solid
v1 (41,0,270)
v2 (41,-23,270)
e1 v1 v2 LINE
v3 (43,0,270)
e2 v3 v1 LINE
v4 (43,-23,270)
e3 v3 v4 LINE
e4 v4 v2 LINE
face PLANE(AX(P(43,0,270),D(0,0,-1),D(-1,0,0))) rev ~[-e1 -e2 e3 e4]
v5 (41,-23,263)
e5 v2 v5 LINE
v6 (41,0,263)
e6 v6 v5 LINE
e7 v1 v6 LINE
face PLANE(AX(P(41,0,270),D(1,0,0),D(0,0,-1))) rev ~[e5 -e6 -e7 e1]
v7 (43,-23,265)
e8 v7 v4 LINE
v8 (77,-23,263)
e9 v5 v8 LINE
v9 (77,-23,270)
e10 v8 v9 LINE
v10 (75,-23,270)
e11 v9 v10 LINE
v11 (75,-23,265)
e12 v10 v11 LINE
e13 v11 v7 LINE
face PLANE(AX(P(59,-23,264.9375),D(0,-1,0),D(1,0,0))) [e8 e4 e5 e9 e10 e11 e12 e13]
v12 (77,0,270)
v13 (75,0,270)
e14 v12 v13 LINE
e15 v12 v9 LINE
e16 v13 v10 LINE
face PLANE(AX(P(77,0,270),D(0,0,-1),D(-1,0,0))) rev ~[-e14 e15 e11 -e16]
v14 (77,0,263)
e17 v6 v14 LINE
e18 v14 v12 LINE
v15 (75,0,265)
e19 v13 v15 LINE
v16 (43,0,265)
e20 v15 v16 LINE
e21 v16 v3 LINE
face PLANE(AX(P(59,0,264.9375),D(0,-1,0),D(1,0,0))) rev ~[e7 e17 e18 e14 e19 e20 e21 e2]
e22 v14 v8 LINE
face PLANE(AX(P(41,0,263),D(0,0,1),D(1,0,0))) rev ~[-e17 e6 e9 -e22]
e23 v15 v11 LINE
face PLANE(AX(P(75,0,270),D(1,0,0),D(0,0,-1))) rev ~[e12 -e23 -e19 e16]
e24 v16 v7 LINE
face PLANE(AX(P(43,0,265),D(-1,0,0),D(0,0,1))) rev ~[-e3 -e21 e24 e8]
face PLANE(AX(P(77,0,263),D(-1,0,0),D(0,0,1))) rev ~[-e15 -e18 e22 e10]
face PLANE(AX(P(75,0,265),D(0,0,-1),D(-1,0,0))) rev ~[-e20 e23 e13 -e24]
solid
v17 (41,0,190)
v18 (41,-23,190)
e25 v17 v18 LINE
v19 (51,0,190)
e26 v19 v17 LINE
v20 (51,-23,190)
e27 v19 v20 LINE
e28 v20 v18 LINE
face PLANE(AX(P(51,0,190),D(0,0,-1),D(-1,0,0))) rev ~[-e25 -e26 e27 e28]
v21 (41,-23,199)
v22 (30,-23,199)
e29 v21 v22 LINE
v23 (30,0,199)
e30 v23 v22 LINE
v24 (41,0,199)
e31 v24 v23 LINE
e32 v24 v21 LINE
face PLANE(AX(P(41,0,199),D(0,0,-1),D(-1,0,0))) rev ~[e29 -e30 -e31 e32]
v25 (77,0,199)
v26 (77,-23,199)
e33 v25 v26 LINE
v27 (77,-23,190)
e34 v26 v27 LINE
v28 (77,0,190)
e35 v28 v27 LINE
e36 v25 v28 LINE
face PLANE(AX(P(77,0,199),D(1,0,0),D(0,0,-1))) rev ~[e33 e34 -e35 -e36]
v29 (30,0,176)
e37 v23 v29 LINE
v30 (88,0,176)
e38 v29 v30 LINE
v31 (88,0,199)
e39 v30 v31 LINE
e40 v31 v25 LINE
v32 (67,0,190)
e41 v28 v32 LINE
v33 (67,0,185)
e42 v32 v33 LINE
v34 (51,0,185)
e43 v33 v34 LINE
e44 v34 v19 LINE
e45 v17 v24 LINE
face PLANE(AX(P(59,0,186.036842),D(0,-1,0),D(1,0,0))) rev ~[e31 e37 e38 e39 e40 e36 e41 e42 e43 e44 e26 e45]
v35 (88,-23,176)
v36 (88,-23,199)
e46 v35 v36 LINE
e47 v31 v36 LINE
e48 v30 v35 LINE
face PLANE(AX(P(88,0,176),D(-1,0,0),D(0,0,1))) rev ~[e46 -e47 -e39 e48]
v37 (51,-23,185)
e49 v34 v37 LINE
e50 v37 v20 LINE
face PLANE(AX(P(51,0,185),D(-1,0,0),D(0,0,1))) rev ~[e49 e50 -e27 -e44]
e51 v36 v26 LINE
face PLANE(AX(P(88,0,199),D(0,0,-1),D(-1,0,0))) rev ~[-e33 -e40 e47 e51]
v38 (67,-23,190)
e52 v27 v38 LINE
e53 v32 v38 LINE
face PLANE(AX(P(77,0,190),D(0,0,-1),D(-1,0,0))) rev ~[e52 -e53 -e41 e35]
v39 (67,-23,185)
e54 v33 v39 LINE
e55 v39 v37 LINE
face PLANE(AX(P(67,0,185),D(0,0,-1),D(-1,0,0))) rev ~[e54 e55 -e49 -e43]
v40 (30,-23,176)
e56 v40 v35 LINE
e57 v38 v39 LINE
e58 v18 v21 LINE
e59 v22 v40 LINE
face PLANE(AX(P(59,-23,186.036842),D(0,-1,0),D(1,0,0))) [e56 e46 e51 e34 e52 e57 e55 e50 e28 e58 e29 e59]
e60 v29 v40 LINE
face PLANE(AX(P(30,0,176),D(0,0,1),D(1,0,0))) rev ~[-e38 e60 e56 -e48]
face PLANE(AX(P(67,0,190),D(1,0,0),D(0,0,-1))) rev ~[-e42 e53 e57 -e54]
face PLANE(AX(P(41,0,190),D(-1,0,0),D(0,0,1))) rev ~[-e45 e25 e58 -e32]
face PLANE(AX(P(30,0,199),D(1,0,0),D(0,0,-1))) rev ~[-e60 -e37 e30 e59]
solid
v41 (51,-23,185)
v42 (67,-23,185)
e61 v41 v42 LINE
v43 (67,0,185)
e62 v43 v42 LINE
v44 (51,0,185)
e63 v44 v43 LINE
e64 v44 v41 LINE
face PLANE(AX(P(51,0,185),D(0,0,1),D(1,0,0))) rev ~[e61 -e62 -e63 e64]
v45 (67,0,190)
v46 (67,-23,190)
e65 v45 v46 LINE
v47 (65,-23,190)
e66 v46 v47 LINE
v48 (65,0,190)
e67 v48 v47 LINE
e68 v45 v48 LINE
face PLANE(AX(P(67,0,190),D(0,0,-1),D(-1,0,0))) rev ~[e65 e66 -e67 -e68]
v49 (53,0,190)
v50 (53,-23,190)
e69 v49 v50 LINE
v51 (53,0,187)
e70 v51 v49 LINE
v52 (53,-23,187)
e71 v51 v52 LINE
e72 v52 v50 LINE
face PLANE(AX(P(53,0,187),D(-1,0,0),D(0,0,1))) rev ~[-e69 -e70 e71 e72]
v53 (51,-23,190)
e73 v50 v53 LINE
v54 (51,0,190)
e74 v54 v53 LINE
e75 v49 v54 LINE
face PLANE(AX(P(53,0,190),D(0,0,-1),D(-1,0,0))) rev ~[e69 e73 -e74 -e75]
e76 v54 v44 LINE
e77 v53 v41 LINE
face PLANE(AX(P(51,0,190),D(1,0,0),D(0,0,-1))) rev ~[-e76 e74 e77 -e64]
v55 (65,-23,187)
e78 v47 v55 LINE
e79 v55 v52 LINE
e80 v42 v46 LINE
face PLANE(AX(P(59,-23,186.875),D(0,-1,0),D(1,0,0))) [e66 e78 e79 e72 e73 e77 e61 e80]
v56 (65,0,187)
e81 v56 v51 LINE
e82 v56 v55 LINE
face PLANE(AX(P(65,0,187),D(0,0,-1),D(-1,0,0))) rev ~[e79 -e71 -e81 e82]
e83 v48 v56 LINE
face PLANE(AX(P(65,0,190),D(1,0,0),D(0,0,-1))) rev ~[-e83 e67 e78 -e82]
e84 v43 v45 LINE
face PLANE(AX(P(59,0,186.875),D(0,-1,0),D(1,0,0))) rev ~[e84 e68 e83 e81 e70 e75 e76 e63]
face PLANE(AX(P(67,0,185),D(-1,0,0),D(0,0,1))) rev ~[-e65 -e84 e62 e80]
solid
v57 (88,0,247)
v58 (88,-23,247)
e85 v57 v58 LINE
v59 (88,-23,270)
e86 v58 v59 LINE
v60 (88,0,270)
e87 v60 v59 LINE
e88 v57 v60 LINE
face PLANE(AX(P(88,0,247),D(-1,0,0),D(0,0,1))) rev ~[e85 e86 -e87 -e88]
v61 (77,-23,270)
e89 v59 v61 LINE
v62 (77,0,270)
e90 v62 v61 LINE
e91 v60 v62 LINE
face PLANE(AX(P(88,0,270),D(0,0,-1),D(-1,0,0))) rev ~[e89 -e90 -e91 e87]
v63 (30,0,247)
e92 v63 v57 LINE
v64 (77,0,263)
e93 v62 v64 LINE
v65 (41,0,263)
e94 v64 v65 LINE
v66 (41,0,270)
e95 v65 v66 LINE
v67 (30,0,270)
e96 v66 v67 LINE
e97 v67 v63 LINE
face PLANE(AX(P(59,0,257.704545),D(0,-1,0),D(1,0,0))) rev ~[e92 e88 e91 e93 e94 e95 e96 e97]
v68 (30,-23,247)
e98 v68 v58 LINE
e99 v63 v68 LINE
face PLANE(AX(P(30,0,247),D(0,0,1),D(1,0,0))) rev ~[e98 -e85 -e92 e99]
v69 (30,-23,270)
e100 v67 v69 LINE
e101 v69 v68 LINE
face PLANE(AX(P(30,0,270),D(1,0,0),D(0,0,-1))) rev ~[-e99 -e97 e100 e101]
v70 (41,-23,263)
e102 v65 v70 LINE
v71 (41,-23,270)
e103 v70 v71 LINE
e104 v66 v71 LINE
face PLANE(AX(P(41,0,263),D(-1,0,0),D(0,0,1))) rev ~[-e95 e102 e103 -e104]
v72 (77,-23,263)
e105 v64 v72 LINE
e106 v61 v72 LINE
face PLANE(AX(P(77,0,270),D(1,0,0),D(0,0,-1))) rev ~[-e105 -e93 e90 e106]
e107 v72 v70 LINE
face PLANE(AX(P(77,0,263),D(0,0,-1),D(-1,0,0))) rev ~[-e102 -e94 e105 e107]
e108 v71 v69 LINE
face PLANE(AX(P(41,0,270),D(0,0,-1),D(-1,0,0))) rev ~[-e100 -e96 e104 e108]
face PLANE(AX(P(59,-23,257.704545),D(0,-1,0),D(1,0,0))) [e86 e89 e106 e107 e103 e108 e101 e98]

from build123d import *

# Parameters (mm, degrees)
F2_DEPTH = 23
F3_DEPTH = 23


with BuildPart() as f2:
    # F1 (on Front) → F2 (new body)
    with BuildSketch(Plane.XZ):
        Polygon((41, 190), (41, 199), (30, 199), (30, 176), (88, 176), (88, 199), (77, 199), (77, 190), (67, 190), (67, 185), (51, 185), (51, 190), align=None)
        Polygon((41, 263), (41, 270), (30, 270), (30, 247), (88, 247), (88, 270), (77, 270), (77, 263), align=None)
    extrude(amount=F2_DEPTH)


with BuildPart() as f3:
    # F1 (on Front) → F3 (new body)
    with BuildSketch(Plane.XZ):
        Polygon((43, 270), (41, 270), (41, 263), (77, 263), (77, 270), (75, 270), (75, 265), (43, 265), align=None)
        Polygon((53, 190), (51, 190), (51, 185), (67, 185), (67, 190), (65, 190), (65, 187), (53, 187), align=None)
    extrude(amount=F3_DEPTH)


solid = Compound([f2.part, f3.part])
